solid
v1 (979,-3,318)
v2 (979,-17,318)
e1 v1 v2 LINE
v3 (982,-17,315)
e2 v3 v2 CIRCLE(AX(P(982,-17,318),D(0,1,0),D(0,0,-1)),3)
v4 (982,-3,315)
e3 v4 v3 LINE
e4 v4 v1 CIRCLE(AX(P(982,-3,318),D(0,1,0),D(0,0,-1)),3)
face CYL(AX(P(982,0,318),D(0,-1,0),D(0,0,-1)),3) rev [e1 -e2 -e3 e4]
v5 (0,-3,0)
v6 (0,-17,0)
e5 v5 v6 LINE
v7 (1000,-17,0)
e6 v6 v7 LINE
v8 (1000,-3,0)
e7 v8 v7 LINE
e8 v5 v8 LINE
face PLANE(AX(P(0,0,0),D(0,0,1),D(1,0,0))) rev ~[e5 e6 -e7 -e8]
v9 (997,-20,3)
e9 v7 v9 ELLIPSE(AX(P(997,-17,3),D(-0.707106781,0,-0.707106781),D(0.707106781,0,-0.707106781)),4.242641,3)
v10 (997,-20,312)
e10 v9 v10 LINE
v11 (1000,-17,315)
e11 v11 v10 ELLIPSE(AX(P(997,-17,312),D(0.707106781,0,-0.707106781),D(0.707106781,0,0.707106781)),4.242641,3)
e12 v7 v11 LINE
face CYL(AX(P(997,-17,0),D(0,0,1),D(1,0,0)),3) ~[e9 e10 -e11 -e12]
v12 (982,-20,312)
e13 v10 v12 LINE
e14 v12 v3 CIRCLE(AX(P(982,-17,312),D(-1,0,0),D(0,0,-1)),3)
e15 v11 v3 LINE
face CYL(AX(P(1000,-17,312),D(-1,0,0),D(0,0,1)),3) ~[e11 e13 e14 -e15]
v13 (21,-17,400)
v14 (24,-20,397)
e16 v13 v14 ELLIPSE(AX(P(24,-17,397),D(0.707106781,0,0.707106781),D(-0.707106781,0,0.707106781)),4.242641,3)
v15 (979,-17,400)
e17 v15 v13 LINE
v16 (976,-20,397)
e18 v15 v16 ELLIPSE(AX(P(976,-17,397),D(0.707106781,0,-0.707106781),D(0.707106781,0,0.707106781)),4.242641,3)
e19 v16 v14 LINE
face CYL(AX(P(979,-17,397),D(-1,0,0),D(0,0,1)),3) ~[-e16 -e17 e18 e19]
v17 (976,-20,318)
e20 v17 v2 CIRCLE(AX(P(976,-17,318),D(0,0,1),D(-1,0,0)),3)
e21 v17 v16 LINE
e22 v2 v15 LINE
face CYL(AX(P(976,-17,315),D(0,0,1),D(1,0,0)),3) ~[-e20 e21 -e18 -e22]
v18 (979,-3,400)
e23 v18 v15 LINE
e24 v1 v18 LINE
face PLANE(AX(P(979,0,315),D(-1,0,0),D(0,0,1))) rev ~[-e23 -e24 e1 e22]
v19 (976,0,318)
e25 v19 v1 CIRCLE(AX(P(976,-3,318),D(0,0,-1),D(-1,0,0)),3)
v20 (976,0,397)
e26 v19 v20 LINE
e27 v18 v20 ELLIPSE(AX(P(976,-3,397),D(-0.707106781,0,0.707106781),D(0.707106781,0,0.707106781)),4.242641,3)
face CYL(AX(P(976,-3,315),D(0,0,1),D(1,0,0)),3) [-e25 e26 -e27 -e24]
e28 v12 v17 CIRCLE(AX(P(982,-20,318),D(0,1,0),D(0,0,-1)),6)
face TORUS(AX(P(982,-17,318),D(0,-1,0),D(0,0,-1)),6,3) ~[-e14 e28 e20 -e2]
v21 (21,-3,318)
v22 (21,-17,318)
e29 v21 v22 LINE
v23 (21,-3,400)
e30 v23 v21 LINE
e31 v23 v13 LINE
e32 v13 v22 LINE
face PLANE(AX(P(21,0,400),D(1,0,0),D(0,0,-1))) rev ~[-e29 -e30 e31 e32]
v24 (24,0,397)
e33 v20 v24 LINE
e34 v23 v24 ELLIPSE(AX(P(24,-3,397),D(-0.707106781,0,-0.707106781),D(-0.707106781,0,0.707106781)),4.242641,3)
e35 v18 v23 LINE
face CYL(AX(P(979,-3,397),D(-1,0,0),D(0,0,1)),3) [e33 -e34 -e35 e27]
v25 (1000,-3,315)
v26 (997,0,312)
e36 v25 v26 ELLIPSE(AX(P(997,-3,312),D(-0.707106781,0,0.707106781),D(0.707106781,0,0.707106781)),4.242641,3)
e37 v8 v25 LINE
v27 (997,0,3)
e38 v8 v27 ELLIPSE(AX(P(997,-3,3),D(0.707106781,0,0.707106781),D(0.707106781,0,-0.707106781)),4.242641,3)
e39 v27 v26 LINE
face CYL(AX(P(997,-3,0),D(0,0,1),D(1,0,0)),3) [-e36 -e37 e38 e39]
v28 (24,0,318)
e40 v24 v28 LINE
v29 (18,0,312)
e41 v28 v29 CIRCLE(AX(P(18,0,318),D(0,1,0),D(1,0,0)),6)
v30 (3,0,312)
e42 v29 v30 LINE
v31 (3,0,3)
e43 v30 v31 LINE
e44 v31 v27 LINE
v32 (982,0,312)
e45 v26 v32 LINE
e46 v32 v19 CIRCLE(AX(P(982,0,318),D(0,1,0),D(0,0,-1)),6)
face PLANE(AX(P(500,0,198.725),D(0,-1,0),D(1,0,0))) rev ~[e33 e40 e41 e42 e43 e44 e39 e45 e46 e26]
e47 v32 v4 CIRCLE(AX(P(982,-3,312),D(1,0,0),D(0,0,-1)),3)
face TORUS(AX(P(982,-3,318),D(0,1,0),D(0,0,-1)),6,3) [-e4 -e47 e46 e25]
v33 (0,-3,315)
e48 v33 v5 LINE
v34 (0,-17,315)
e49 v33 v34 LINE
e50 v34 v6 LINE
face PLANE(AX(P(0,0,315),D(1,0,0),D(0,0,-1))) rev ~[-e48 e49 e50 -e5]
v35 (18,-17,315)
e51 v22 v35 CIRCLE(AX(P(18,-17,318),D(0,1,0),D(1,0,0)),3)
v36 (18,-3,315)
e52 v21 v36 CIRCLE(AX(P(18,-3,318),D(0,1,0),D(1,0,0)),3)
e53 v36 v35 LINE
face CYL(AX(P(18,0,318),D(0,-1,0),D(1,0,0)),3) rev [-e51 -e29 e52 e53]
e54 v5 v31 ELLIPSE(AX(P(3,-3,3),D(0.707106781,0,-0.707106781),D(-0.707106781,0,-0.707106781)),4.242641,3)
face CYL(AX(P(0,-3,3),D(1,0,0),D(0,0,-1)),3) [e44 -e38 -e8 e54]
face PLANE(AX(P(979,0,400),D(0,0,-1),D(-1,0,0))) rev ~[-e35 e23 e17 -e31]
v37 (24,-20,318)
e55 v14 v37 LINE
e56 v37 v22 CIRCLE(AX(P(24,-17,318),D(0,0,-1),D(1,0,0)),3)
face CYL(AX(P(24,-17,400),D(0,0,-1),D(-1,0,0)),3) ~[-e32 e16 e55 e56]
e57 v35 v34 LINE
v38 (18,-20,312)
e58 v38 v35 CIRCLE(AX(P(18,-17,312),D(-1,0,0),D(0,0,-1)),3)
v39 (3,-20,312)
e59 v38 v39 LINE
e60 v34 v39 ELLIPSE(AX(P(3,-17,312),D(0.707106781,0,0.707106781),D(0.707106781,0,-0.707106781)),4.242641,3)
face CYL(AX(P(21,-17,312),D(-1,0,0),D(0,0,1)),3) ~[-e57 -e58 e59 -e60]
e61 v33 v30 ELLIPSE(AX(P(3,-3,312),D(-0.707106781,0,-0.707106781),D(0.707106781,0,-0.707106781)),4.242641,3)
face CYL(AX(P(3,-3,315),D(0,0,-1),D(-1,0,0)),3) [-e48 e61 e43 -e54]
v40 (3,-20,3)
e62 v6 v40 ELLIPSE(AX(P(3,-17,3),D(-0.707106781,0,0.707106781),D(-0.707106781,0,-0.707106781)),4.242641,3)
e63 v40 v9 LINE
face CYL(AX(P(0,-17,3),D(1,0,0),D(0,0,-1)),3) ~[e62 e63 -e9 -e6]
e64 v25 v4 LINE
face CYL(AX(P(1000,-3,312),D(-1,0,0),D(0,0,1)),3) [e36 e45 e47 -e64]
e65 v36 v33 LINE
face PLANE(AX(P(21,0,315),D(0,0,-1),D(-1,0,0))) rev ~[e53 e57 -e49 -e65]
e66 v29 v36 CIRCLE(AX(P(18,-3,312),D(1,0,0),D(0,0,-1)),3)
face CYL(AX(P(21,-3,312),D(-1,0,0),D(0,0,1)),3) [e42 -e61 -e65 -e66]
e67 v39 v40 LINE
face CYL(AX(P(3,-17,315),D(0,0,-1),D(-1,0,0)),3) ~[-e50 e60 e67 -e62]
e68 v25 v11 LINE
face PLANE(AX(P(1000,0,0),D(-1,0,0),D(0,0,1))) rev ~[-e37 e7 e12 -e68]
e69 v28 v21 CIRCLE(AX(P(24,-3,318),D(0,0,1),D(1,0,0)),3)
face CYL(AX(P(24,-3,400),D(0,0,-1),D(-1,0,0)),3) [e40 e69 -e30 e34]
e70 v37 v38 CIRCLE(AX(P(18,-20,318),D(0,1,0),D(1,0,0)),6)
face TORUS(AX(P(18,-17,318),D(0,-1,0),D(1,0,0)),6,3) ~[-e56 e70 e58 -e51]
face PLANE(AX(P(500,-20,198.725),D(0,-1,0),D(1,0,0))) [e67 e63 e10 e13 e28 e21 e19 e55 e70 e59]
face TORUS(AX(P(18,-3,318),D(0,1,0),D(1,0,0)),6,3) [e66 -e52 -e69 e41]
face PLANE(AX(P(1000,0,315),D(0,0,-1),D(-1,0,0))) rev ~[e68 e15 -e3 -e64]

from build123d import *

# Parameters (mm, degrees)
F1_DEPTH = 20
F2_R     = 3


with BuildPart() as f1:
    # F0 (on Front) → F1 (new body)
    with BuildSketch(Plane.XZ):
        Polygon((0, 315), (0, 0), (1000, 0), (1000, 315), (979, 315), (979, 400), (21, 400), (21, 315), align=None)
    extrude(amount=F1_DEPTH)

    # F2
    f2_edges = [f1.edges().sort_by_distance(p)[0] for p in [
        (0, -20, 157.5),
        (500, -20, 0),
        (1000, -20, 157.5),
        (989.5, -20, 315),
        (979, -20, 357.5),
        (500, -20, 400),
        (21, -20, 357.5),
        (10.5, -20, 315),
        (0, 0, 157.5),
        (500, 0, 0),
        (1000, 0, 157.5),
        (989.5, 0, 315),
        (979, 0, 357.5),
        (500, 0, 400),
        (21, 0, 357.5),
        (10.5, 0, 315),
        (21, -10, 315),
        (979, -10, 315),
    ]]
    fillet(f2_edges, radius=F2_R)


solid = f1.part
